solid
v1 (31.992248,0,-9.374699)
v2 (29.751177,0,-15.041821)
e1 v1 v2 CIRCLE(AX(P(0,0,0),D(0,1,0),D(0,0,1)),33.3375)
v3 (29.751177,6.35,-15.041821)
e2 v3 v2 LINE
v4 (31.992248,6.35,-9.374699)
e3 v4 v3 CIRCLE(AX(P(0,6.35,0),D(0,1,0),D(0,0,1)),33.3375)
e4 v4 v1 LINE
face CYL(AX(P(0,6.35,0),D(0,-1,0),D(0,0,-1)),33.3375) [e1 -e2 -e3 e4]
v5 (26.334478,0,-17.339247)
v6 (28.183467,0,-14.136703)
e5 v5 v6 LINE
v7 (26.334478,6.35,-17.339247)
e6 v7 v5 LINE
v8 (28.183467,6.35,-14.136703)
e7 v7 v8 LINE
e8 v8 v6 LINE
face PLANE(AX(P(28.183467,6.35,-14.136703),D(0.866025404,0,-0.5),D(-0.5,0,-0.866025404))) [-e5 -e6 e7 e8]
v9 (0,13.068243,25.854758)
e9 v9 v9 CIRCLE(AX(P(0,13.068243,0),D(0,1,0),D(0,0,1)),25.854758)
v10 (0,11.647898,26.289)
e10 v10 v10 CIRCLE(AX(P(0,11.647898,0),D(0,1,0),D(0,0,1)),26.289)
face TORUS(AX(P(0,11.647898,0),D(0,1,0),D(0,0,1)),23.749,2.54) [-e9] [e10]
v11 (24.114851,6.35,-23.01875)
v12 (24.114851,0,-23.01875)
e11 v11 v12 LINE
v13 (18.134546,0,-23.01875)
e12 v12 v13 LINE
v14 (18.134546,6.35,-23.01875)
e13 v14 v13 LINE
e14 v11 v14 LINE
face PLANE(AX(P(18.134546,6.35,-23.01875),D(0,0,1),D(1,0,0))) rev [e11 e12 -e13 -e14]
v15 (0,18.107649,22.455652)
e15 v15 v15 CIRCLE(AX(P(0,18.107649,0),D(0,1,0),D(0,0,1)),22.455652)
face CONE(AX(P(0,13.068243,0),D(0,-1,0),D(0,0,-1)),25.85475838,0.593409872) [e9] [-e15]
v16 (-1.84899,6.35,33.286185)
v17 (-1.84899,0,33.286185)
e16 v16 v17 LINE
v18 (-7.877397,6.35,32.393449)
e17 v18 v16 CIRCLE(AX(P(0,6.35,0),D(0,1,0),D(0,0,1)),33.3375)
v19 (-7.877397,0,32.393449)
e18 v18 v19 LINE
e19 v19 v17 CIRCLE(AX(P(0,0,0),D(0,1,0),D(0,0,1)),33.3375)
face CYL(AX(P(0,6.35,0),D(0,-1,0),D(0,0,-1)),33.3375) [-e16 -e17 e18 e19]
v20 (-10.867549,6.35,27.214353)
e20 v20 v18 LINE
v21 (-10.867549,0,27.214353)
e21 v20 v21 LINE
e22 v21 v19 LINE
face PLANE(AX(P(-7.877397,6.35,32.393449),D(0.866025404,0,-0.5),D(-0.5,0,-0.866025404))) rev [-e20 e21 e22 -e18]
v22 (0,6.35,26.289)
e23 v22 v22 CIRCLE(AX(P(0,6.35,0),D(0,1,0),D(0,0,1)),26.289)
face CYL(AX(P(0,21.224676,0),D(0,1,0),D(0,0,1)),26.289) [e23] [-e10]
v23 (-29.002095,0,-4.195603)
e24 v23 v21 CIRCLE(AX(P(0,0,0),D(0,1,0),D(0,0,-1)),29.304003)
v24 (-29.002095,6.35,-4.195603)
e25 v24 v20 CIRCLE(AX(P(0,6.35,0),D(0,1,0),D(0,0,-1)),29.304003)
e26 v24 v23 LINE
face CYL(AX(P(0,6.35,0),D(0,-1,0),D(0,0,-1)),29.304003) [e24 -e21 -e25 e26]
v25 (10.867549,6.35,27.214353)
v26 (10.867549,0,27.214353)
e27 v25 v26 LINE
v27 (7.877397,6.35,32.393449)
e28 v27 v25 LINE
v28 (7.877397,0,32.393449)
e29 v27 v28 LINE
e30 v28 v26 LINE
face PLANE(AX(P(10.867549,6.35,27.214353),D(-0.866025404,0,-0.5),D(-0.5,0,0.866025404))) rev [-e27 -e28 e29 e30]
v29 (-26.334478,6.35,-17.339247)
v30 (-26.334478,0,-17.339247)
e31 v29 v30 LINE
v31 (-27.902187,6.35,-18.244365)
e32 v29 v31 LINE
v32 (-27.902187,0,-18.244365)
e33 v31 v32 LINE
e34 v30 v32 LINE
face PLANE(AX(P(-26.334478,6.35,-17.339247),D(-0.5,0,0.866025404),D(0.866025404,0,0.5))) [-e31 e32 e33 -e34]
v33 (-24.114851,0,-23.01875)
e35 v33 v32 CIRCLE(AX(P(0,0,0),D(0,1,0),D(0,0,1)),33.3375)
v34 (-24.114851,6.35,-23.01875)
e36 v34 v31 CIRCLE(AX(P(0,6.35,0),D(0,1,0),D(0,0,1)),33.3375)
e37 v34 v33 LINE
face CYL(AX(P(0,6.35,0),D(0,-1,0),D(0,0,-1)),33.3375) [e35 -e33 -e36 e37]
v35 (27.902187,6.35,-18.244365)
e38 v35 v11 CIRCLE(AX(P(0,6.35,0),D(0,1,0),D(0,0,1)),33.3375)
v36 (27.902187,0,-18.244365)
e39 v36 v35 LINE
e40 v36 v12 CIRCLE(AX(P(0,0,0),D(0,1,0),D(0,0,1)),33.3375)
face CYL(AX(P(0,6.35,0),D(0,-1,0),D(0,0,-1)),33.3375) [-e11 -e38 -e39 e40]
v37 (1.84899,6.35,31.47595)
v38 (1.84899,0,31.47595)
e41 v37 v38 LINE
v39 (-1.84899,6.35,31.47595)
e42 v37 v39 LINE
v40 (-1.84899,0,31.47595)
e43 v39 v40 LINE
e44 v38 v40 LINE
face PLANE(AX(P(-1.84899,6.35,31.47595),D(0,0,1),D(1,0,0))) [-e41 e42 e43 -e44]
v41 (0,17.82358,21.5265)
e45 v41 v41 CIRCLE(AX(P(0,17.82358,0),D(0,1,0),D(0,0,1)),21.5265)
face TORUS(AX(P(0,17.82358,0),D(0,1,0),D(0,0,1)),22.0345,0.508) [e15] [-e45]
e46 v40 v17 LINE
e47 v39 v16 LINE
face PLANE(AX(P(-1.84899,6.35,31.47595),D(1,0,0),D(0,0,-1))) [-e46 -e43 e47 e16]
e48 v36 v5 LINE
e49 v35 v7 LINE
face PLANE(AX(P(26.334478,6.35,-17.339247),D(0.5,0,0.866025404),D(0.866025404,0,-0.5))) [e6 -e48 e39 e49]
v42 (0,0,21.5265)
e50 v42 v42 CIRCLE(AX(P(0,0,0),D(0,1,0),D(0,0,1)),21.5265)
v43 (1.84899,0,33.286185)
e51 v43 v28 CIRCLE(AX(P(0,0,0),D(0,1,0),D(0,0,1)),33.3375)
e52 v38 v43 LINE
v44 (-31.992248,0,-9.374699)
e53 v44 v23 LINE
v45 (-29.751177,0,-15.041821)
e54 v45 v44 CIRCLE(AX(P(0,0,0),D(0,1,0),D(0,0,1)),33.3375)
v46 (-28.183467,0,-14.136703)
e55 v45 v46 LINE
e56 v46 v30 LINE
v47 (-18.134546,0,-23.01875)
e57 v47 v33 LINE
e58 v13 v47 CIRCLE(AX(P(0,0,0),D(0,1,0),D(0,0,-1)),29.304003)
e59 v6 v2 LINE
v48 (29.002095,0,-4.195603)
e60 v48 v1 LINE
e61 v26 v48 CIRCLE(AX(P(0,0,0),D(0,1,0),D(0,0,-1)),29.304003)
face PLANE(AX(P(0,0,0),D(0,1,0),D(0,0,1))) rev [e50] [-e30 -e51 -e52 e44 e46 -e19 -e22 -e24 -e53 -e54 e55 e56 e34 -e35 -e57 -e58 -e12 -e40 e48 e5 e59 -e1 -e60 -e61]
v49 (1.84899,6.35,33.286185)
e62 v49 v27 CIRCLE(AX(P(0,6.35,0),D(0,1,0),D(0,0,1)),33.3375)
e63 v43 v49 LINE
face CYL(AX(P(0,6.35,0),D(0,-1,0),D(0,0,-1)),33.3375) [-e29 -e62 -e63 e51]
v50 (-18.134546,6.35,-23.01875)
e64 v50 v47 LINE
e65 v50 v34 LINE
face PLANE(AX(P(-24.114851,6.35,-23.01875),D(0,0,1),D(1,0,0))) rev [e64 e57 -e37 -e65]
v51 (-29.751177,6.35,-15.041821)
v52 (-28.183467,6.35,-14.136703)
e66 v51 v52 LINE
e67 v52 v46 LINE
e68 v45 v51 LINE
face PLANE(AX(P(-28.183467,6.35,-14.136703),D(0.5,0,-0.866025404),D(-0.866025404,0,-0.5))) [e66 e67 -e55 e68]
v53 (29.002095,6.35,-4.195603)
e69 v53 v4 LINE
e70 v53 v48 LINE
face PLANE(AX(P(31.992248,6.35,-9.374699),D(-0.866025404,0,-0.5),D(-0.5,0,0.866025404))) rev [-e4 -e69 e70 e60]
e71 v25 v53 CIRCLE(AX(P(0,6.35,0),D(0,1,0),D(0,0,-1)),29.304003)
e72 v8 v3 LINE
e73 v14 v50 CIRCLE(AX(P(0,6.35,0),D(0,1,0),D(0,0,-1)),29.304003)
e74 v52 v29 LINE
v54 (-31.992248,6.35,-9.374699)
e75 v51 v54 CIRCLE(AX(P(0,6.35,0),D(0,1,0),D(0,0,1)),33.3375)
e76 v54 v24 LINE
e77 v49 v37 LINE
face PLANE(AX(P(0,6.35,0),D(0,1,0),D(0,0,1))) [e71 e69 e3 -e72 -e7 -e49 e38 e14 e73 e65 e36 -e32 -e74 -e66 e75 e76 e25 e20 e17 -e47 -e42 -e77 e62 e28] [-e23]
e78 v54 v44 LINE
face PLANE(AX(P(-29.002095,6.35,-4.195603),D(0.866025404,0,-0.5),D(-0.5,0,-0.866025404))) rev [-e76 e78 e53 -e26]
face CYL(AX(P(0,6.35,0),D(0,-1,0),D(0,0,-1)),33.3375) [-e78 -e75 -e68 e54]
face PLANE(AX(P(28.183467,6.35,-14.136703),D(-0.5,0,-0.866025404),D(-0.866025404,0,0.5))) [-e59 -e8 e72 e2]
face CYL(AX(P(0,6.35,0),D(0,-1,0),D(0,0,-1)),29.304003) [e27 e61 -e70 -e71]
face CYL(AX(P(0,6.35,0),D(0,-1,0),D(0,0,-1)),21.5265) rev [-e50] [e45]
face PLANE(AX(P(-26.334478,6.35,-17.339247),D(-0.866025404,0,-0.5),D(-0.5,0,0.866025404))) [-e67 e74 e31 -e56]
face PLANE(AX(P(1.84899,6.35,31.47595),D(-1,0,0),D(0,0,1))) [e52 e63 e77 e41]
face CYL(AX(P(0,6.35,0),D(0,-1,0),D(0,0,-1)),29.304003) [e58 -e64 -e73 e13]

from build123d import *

# Parameters (mm, degrees)
SKETCH1_R           = 33.3375
SKETCH1_R_2         = 21.5265
BOSS_EXTRUDE1_DEPTH = 6.35
SKETCH5_R           = 39.889033067
CUT_EXTRUDE2_DEPTH  = 6.35
SKETCH6_W           = 3.697979252
SKETCH6_H           = 3.723099818
CUT_EXTRUDE3_DEPTH  = 6.35


with BuildPart() as part:
    # Sketch1 → Boss-Extrude1 (new body)
    with BuildSketch(Plane(origin=(0, 0, 0), x_dir=(1, 0, 0), z_dir=(0, 1, 0))):
        with Locations(Location((0, 0, 0), (0, 0, 270))):
            Circle(SKETCH1_R)
        with Locations(Location((0, 0, 0), (0, 0, 270))):
            Circle(SKETCH1_R_2, mode=Mode.SUBTRACT)
    extrude(amount=BOSS_EXTRUDE1_DEPTH)

    # Sketch2 → Revolve1 (revolve)
    with BuildSketch(Plane.XY, mode=Mode.PRIVATE) as revolve1_sk:
        with BuildLine():
            Line((21.5265, 6.35), (21.5265, 17.82357951))
            ThreePointArc((21.5265, 17.82357951), (21.885975678, 18.30938248), (22.455651676, 18.107648632))
            Line((22.455651676, 18.107648632), (25.85475838, 13.068243159))
            ThreePointArc((25.85475838, 13.068243159), (26.17801485, 12.390519163), (26.289, 11.647897552))
            Line((26.289, 11.647897552), (26.289, 6.35))
            Line((26.289, 6.35), (21.5265, 6.35))
        make_face()
    revolve(revolve1_sk.sketch.rotate(Axis((0, 21.224675992, 0), (0, -1, 0)), 90), axis=Axis((0, 21.224675992, 0), (0, -1, 0)))

    # Sketch5 → Cut-Extrude2 (cut)
    with BuildSketch(Plane(origin=(0, 0, 0), x_dir=(1, 0, 0), z_dir=(0, 1, 0))):
        Circle(SKETCH5_R)
        with BuildLine():
            Line((-24.11485133, 23.01875), (-18.134546198, 23.01875))
            ThreePointArc((-18.134546198, 23.01875), (0, 29.304003436), (18.134546198, 23.01875))
            Line((18.134546198, 23.01875), (24.11485133, 23.01875))
            ThreePointArc((24.11485133, 23.01875), (28.871121899, 16.66875), (31.992247929, 9.374698861))
            Line((31.992247929, 9.374698861), (29.002095362, 4.195602693))
            ThreePointArc((29.002095362, 4.195602693), (25.378011408, -14.652001718), (10.867549165, -27.214352693))
            Line((10.867549165, -27.214352693), (7.877396598, -32.393448861))
            ThreePointArc((7.877396598, -32.393448861), (0, -33.3375), (-7.877396598, -32.393448861))
            Line((-7.877396598, -32.393448861), (-10.867549165, -27.214352693))
            ThreePointArc((-10.867549165, -27.214352693), (-25.378011408, -14.652001718), (-29.002095362, 4.195602693))
            Line((-29.002095362, 4.195602693), (-31.992247929, 9.374698861))
            ThreePointArc((-31.992247929, 9.374698861), (-28.871121899, 16.66875), (-24.11485133, 23.01875))
        make_face(mode=Mode.SUBTRACT)
    extrude(amount=CUT_EXTRUDE2_DEPTH, mode=Mode.SUBTRACT)

    # Sketch6 → Cut-Extrude3 (cut)
    with BuildSketch(Plane(origin=(0, 0, 0), x_dir=(1, 0, 0), z_dir=(0, 1, 0))):
        Polygon((-28.1834672, 14.136703058), (-31.407766223, 15.998252967), (-29.558776597, 19.200796942), (-26.334477574, 17.339247033), align=None)
        with Locations((0, -33.3375)):
            Rectangle(SKETCH6_W, SKETCH6_H)
        Polygon((26.334477574, 17.339247033), (29.558776597, 19.200796942), (31.407766223, 15.998252967), (28.1834672, 14.136703058), align=None)
    extrude(amount=CUT_EXTRUDE3_DEPTH, mode=Mode.SUBTRACT)


solid = part.part
